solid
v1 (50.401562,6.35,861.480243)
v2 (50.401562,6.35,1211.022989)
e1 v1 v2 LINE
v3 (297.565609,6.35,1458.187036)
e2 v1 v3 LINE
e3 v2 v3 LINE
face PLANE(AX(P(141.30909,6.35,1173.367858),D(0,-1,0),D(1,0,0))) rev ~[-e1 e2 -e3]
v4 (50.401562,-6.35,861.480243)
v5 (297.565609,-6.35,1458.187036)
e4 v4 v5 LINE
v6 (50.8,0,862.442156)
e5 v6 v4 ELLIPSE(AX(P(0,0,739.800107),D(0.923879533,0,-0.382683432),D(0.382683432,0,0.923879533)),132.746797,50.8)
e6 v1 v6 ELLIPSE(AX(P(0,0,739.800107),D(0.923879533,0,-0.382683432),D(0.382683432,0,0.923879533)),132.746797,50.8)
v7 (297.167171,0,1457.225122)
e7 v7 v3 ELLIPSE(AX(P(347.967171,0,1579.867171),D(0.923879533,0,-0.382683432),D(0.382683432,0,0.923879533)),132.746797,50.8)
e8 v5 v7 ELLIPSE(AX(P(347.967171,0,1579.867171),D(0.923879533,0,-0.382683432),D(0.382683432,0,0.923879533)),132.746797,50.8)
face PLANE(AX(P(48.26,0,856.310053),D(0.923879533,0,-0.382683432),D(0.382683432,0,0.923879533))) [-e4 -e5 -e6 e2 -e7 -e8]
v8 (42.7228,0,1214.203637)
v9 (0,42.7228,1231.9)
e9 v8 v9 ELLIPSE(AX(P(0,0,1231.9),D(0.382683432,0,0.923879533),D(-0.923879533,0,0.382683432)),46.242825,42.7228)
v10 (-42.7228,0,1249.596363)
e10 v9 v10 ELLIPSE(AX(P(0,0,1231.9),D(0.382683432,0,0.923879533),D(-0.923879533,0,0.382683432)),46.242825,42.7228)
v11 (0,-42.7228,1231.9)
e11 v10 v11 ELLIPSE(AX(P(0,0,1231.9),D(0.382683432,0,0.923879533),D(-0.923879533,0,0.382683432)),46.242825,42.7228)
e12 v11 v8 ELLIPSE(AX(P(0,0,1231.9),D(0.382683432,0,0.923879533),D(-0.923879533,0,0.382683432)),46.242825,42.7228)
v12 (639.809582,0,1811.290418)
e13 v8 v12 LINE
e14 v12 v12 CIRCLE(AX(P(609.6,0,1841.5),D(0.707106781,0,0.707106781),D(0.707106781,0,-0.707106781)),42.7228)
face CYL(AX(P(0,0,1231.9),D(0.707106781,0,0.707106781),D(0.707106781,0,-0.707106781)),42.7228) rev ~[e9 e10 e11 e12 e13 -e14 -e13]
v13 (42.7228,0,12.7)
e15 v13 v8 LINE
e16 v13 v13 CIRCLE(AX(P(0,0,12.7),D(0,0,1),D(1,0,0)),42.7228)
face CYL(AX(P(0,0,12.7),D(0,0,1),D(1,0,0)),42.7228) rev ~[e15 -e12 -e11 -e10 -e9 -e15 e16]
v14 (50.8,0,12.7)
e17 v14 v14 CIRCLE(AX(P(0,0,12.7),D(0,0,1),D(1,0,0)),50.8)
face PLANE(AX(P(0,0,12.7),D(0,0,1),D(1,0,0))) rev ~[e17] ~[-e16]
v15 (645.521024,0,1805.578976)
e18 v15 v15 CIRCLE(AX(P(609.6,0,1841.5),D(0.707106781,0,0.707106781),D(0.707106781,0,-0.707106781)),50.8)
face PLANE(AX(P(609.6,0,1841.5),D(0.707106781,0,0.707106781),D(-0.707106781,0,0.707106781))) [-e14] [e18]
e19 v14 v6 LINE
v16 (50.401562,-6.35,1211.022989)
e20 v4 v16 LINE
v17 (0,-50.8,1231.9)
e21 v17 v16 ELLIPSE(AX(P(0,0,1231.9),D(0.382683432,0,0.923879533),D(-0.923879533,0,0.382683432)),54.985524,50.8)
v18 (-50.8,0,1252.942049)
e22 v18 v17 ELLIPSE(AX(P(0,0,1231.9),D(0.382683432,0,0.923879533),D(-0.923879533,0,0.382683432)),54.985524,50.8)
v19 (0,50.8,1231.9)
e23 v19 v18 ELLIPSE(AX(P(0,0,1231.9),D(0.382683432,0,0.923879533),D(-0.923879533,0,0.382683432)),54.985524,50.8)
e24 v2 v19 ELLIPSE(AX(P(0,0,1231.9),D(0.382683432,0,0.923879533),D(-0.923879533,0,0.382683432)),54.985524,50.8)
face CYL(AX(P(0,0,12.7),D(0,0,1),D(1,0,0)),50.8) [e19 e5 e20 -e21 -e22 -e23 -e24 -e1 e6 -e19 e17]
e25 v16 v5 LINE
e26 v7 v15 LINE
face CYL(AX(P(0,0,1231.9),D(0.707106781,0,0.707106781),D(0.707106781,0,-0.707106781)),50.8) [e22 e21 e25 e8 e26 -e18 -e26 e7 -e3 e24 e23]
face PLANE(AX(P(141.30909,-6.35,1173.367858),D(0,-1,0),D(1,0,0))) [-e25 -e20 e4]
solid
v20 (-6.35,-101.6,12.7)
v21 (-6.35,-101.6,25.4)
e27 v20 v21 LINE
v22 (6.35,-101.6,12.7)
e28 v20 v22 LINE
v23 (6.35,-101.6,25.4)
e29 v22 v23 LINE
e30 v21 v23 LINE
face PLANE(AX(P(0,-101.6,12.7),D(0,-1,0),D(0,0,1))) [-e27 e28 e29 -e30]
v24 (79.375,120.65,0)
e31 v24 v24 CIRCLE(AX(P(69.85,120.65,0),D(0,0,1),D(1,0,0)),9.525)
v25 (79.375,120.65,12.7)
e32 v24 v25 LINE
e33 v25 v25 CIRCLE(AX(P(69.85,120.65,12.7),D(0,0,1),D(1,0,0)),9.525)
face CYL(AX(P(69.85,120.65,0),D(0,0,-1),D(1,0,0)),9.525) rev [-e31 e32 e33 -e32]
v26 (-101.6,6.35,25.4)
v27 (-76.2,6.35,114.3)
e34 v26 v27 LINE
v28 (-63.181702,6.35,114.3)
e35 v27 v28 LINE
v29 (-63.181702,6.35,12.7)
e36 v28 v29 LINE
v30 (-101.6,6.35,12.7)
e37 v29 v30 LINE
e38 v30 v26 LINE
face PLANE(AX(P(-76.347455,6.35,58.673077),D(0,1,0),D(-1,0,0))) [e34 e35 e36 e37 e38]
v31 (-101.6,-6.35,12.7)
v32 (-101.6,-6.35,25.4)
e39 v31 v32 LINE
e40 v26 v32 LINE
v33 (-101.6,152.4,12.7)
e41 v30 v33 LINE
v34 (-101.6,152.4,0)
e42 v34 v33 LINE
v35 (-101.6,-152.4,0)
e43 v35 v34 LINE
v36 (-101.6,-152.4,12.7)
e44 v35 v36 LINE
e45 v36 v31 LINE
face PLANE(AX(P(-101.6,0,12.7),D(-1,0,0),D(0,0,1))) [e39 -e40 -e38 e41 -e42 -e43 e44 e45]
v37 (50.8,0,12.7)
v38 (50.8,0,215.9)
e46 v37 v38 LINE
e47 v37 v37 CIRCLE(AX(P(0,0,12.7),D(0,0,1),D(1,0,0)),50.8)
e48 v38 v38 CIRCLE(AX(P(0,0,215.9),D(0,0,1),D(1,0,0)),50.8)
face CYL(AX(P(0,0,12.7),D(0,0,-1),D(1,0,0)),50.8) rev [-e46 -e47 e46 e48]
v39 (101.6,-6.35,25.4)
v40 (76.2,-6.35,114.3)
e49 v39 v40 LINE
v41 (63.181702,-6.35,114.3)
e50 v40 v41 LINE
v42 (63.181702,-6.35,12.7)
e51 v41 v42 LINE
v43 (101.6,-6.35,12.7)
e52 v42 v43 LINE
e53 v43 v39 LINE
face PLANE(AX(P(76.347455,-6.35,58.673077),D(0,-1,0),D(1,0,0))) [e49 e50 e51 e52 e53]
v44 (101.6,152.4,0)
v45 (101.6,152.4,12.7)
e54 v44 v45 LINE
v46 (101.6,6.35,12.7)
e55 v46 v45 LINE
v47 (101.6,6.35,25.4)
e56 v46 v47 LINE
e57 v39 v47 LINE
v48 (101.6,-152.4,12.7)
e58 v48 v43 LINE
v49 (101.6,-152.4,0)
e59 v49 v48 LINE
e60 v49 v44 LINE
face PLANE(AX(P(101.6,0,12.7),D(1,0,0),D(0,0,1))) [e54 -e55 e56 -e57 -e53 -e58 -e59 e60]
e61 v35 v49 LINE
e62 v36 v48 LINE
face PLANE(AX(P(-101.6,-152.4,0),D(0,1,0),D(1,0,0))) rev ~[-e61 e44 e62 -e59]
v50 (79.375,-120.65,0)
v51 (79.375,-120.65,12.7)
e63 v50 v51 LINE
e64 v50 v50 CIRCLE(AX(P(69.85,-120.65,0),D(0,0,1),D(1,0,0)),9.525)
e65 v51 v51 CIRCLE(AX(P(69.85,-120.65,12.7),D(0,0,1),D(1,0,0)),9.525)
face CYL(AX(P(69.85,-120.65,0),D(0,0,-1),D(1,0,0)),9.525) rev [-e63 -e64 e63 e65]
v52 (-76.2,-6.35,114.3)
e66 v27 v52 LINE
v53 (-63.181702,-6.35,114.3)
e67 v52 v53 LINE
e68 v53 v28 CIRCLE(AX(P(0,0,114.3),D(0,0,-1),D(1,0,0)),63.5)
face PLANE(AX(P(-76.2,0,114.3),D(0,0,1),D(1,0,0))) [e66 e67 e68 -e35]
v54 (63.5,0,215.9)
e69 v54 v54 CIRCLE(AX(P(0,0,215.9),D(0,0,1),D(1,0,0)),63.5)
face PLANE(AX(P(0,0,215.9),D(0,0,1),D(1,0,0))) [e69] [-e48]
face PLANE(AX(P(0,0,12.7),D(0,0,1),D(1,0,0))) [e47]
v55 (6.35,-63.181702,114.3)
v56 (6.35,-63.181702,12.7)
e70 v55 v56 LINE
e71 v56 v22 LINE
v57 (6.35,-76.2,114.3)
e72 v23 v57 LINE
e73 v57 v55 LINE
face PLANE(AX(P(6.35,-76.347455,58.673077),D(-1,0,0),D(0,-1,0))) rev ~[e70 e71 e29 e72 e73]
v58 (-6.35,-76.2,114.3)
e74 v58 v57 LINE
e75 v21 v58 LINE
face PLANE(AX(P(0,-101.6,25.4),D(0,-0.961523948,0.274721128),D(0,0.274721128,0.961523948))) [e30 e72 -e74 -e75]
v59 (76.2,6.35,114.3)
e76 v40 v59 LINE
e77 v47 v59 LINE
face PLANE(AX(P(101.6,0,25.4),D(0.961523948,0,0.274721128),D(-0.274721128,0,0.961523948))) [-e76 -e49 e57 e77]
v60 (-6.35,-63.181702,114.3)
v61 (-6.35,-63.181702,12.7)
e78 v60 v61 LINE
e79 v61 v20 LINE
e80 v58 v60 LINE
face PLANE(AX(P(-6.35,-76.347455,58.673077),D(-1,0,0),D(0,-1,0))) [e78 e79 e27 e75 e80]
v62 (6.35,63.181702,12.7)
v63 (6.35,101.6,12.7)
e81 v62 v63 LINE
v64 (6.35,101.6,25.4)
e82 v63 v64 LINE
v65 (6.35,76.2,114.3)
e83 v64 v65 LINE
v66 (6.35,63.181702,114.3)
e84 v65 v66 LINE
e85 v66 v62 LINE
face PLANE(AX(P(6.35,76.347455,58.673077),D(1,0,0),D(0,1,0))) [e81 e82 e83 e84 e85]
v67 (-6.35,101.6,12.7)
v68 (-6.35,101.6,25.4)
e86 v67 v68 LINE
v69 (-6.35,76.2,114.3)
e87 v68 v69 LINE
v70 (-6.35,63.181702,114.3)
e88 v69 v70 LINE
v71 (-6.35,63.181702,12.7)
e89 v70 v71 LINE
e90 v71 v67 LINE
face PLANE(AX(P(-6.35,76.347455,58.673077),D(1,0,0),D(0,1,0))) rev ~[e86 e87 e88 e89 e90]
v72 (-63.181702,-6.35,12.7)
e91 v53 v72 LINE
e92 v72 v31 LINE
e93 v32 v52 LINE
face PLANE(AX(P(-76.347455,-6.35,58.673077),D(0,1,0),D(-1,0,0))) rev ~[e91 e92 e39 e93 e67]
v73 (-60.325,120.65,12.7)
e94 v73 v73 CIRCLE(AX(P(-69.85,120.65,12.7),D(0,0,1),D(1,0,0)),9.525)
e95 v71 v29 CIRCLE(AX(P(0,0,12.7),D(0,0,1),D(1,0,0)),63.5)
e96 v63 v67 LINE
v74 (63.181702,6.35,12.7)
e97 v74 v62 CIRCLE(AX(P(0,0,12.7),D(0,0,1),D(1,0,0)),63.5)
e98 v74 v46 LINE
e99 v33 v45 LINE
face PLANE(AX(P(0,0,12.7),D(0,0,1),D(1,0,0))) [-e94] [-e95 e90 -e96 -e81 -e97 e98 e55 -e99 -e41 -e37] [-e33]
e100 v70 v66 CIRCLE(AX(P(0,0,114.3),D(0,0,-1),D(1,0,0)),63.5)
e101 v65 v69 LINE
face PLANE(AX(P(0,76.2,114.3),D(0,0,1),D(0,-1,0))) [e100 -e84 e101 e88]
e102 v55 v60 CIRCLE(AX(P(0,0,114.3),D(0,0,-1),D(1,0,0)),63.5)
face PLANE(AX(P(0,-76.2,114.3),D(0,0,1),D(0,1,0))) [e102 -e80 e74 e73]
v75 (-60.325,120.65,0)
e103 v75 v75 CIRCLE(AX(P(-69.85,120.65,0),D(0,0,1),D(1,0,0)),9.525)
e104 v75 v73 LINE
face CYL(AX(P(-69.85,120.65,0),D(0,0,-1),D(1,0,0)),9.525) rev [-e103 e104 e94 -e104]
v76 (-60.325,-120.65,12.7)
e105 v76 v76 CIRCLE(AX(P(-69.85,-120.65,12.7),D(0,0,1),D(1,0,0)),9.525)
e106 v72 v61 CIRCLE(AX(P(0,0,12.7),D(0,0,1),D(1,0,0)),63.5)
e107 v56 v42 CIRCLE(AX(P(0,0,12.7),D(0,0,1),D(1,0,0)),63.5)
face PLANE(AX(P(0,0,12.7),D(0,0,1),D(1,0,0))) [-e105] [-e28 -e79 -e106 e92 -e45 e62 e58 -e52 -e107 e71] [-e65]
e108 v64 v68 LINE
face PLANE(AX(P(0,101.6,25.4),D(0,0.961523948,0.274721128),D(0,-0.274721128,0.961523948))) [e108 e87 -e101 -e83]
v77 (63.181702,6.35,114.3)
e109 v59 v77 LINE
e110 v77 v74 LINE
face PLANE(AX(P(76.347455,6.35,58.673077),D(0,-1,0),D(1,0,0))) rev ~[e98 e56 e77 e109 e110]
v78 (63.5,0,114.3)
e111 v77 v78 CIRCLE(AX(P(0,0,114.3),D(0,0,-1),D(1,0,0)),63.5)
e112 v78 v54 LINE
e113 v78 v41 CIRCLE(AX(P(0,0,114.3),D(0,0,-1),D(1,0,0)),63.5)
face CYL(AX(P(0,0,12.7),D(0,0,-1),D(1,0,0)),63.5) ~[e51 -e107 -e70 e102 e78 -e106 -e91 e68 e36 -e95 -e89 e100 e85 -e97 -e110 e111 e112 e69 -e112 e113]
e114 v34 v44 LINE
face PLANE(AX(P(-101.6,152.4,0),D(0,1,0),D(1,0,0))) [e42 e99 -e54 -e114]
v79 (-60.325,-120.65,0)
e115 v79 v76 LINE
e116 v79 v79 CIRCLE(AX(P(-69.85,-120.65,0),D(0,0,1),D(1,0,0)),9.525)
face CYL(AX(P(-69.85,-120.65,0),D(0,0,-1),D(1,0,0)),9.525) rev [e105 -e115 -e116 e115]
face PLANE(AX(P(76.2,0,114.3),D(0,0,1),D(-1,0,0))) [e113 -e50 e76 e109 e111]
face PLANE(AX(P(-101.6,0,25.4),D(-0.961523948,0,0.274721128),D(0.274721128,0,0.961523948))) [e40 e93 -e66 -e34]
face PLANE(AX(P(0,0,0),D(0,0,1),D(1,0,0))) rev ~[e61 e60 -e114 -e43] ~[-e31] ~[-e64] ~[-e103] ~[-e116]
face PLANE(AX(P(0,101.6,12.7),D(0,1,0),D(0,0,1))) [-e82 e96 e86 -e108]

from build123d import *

# Parameters (mm, degrees)
F0_W      = 203.2
F0_H      = 304.8
F0_R      = 9.525
F1_DEPTH  = 12.7
F2_R      = 63.5
F2_R_2    = 50.8
F3_DEPTH  = 203.2
F5_R      = 50.8
F5_R_2    = 42.7228
F8_DEPTH  = 6.35
F10_DEPTH = 6.35
F11_COUNT = 4


with BuildPart() as f1:
    # F0 (on Top) → F1 (new body)
    with BuildSketch(Plane.XY):
        Rectangle(F0_W, F0_H)
        with Locations((-69.85, -120.65)):
            Circle(F0_R, mode=Mode.SUBTRACT)
        with Locations((69.85, -120.65)):
            Circle(F0_R, mode=Mode.SUBTRACT)
        with Locations((-69.85, 120.65)):
            Circle(F0_R, mode=Mode.SUBTRACT)
        with Locations((69.85, 120.65)):
            Circle(F0_R, mode=Mode.SUBTRACT)
    extrude(amount=F1_DEPTH)

    # F2 (on face) → F3 (join)
    with BuildSketch(Plane.XY.offset(12.7)):
        Circle(F2_R)
        Circle(F2_R_2, mode=Mode.SUBTRACT)
    extrude(amount=F3_DEPTH)



with BuildPart() as f6:
    # F6: sweep along a path in F4
    with BuildLine(Plane.XZ) as f6_path:
        Line((0, 12.7), (0, 1231.9))
        Line((0, 1231.9), (609.6, 1841.5))
    # F5 (on face) → F6 (sweep)
    with BuildSketch(Plane.XY.offset(12.7)):
        Circle(F5_R)
        Circle(F5_R_2, mode=Mode.SUBTRACT)
    sweep(path=f6_path.line, transition=Transition.RIGHT)

    # F7 (on Front) → F8 (join, symmetric)
    with BuildSketch(Plane.XZ):
        Polygon((299.7071713899, 1463.3572248698), (48.26, 1211.9100534799), (48.26, 856.3100534799), align=None)
    extrude(amount=F8_DEPTH, both=True)


with BuildPart() as f10:
    # F9 (on Front) → F10 (new body, symmetric)
    with BuildSketch(Plane.XZ):
        Polygon((76.2, 114.3), (63.5, 114.3), (60.96, 114.3), (60.96, 12.7), (63.5, 12.7), (101.6, 12.7), (101.6, 25.4), align=None)
    extrude(amount=F10_DEPTH, both=True)


with BuildPart() as f1_1:
    add(f1.part)

    add(f10.part)  # F11 merges F10
    # F11: F10 ×4 about axis
    f11_axis = Axis((0, 0, 12.7), (0, 0, -1))
    for i in range(1, F11_COUNT):
        add(f10.part.rotate(f11_axis, i * 360 / F11_COUNT))


solid = Compound([f6.part, f1_1.part])
